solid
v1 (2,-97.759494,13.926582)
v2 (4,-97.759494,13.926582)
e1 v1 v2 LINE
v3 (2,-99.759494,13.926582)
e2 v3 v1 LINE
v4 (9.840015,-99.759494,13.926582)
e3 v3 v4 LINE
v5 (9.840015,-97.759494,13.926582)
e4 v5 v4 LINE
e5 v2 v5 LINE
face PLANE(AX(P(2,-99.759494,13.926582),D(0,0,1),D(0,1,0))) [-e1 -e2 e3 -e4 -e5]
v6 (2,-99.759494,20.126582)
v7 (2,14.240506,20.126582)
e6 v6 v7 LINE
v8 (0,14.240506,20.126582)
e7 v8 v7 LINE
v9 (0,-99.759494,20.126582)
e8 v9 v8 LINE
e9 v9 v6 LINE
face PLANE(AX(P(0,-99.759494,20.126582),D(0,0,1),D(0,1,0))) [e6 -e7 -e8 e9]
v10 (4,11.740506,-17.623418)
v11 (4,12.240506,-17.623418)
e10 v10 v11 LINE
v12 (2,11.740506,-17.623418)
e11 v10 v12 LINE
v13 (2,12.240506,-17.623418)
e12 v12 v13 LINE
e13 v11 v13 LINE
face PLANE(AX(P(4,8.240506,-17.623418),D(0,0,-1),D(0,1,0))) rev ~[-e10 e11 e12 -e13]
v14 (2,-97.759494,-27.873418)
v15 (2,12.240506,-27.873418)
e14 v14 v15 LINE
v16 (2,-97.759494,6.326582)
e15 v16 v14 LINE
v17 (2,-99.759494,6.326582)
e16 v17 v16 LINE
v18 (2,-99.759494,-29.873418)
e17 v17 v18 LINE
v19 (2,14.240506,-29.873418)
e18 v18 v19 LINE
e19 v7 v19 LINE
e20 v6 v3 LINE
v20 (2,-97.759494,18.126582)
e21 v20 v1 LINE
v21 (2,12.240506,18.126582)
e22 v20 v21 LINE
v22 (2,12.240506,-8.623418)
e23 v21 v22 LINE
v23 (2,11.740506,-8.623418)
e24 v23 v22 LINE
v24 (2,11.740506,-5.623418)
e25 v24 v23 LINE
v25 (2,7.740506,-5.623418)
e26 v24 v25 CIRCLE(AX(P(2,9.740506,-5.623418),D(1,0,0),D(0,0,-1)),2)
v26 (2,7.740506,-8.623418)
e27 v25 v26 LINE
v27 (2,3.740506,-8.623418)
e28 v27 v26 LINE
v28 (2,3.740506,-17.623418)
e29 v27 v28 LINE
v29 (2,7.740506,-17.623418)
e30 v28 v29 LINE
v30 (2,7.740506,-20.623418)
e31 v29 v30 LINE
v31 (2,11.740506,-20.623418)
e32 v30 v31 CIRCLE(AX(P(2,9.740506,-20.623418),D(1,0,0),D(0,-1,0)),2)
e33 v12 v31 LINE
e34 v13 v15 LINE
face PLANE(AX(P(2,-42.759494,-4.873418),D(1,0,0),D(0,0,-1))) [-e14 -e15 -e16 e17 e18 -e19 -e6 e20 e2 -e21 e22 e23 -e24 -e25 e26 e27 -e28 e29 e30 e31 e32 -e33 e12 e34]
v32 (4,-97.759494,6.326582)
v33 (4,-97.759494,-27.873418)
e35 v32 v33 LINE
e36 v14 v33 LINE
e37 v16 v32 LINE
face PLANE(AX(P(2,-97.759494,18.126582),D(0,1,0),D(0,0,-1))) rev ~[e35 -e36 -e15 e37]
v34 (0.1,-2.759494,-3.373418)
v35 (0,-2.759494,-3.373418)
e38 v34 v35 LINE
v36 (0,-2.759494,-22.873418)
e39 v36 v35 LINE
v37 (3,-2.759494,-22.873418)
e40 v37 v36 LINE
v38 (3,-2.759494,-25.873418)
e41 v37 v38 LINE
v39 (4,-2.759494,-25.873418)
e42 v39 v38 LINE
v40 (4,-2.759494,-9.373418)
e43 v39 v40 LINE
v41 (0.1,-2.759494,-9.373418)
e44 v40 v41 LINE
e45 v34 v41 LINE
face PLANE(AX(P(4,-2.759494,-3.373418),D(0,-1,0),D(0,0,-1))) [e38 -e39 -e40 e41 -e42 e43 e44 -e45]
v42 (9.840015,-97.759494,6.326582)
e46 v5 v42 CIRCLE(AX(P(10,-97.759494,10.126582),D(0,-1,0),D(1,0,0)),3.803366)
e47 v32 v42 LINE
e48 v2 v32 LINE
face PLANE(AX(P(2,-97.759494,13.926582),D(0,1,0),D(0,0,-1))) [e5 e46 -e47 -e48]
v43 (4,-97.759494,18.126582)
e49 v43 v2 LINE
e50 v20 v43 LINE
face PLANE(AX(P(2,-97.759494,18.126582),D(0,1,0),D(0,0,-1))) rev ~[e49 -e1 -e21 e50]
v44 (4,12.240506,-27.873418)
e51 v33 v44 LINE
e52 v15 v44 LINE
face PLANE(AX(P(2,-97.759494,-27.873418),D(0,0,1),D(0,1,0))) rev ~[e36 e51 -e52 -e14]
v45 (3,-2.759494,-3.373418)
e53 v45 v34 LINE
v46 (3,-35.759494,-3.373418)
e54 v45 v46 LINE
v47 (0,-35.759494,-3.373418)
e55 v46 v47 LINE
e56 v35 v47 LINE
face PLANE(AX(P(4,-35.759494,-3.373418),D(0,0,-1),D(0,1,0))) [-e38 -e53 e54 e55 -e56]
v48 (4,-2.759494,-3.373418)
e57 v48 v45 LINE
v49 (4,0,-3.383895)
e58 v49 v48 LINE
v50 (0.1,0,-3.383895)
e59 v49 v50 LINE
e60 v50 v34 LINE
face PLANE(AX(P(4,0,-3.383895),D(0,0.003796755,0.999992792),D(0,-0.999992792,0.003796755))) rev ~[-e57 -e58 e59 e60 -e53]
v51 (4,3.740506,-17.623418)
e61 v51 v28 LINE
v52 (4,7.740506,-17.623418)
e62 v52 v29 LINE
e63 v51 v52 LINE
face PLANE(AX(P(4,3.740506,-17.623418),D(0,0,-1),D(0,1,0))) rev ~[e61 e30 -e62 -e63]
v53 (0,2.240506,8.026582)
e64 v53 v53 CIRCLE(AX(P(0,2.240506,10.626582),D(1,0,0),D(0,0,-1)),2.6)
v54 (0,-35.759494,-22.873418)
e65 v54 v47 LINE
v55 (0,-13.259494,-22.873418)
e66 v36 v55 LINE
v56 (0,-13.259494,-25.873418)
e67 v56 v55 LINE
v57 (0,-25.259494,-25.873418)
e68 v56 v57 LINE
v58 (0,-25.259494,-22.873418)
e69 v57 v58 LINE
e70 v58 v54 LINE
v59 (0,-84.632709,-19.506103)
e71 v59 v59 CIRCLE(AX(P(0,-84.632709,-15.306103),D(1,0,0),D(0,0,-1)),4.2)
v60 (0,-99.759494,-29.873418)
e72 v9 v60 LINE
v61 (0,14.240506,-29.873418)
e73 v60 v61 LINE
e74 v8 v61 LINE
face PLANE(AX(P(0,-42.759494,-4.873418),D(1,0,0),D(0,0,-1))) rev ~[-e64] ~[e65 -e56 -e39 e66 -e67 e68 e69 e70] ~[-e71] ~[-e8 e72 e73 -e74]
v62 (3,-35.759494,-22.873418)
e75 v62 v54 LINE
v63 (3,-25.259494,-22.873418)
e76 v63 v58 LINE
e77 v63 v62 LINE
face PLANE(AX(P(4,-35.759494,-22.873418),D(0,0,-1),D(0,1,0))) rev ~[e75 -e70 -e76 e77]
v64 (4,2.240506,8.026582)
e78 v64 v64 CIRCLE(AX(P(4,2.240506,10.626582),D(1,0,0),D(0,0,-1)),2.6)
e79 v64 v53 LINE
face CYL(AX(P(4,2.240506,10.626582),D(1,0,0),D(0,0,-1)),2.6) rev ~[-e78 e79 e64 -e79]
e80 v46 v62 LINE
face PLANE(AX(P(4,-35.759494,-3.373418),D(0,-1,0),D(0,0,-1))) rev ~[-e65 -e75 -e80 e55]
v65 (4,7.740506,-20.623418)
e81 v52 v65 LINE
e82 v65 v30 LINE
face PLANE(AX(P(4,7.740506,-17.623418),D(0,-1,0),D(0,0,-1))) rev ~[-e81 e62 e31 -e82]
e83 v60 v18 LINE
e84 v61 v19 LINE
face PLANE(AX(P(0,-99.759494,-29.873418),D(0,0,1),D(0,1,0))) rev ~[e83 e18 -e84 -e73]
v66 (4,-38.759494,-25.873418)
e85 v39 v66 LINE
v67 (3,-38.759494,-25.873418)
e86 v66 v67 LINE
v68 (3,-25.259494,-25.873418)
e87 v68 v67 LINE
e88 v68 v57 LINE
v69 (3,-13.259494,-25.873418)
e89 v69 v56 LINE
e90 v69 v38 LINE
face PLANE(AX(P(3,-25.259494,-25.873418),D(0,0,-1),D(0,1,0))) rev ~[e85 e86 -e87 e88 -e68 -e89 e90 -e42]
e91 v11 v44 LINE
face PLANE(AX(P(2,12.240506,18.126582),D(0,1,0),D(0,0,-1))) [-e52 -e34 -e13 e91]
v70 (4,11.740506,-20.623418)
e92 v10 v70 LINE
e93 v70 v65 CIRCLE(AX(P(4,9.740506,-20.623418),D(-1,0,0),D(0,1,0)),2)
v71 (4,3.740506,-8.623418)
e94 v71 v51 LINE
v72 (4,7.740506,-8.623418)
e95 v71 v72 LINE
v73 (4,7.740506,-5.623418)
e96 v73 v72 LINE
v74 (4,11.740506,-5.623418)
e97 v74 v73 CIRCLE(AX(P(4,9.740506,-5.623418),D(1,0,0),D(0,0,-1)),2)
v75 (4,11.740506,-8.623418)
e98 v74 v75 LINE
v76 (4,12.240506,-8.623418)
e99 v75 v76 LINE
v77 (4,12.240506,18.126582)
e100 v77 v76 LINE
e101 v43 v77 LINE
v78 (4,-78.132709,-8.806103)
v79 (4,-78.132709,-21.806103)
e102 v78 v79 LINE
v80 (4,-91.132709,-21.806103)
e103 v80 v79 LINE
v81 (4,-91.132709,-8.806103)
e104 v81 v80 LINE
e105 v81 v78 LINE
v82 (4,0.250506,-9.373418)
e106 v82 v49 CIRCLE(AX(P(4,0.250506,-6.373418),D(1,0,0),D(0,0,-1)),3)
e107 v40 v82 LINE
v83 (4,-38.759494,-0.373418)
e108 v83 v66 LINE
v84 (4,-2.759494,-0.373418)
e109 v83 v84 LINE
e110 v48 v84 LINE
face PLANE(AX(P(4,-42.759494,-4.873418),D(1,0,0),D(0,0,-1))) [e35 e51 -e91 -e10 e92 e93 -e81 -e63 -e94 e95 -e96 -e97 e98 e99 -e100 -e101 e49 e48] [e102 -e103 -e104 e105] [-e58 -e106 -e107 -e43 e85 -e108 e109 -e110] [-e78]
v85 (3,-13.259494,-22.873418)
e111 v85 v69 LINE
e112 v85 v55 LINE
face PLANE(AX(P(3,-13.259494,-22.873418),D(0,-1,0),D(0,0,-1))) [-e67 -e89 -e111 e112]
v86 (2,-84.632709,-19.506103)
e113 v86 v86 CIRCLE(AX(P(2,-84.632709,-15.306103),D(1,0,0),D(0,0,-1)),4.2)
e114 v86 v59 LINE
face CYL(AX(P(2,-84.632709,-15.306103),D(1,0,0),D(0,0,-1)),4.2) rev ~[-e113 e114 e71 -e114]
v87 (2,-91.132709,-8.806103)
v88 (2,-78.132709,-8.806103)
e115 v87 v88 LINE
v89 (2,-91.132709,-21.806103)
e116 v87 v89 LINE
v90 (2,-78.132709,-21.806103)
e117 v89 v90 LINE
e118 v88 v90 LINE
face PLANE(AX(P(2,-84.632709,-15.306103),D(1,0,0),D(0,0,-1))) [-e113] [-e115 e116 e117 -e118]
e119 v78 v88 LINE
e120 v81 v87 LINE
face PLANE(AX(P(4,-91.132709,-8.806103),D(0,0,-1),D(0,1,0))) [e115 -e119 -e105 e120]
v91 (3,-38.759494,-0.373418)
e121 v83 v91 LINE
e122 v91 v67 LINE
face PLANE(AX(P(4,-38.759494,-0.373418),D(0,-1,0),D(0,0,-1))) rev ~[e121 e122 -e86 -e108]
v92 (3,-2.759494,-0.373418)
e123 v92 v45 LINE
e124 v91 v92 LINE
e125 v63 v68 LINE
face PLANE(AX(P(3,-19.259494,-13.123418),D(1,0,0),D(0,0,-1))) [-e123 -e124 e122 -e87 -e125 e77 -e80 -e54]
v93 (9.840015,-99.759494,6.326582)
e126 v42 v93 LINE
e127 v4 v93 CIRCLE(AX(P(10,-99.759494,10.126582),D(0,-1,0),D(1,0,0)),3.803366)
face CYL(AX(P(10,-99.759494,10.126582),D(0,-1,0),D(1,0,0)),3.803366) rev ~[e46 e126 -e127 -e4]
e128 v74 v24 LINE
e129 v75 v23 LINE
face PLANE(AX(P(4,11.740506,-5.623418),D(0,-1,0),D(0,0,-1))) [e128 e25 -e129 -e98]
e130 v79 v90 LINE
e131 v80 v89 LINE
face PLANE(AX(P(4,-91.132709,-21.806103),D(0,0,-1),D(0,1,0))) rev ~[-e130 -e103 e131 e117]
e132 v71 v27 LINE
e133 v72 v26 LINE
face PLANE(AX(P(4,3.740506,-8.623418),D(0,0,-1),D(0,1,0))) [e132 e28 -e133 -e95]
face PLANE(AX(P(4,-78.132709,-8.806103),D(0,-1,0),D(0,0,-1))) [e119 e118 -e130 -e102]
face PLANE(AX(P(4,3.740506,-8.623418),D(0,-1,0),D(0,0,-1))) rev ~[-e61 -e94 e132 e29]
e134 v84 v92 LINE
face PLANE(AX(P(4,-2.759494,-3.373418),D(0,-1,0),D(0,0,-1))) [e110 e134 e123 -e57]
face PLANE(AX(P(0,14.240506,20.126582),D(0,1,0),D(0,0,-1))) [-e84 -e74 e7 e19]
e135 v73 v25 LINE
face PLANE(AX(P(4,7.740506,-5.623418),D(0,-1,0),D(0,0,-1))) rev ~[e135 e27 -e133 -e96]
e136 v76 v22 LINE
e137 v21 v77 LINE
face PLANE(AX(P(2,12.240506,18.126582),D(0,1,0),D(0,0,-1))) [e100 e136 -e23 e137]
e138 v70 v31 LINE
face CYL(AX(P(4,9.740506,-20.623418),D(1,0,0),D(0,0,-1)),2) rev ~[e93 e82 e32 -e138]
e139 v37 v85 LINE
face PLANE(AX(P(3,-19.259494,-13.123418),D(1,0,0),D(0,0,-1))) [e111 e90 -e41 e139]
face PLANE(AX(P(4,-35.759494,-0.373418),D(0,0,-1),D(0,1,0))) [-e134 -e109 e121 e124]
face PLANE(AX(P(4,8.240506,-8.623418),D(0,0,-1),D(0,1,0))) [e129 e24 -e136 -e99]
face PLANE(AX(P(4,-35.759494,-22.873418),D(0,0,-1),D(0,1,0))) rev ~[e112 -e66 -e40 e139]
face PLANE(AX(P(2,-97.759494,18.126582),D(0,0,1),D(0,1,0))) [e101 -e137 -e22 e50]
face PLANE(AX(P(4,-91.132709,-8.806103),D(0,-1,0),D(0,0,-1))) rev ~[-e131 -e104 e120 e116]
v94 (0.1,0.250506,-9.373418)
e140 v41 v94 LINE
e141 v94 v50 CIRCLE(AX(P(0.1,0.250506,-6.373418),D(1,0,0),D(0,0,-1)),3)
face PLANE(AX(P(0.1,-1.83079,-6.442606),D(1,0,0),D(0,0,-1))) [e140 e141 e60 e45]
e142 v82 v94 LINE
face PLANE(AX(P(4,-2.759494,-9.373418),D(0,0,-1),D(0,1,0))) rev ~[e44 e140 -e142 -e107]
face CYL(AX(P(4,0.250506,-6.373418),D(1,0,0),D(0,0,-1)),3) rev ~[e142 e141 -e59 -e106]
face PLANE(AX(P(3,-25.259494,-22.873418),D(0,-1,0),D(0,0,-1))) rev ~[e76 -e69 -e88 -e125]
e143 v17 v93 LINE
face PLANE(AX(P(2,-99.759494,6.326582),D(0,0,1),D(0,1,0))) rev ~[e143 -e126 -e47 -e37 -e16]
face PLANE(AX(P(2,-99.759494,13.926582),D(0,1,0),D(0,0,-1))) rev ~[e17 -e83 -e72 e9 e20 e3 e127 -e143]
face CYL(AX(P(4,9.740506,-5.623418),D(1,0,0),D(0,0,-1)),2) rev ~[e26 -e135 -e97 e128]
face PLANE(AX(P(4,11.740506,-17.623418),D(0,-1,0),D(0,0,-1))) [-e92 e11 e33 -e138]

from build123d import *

# Parameters (mm, degrees)
SKIZZE1_W                        = 50
SKIZZE1_H                        = 114
AUFSATZ_LINEAR_AUSTRAGEN1_DEPTH  = 2
SKIZZE2_W                        = 46
SKIZZE2_H                        = 110
AUFSATZ_LINEAR_AUSTRAGEN2_DEPTH  = 2
SCHNITT_LINEAR_AUSTRAGEN1_REACH  = 106.213
SKIZZE3_W                        = 19.5
SKIZZE3_H                        = 33
SKIZZE4_W                        = 25.5
SKIZZE4_H                        = 33
SCHNITT_LINEAR_AUSTRAGEN2_DEPTH  = 1
SKIZZE5_R                        = 3
SCHNITT_LINEAR_AUSTRAGEN3_DEPTH  = 3.9
SCHNITT_LINEAR_AUSTRAGEN4_REACH  = 106.18
SKIZZE6_W                        = 3
SKIZZE6_H                        = 12
SKIZZE10_W                       = 9
SKIZZE10_H                       = 4
SCHNITT_LINEAR_AUSTRAGEN5_DEPTH  = 2
SKIZZE11_R                       = 2
SCHNITT_LINEAR_AUSTRAGEN6_DEPTH  = 2
SKIZZE13_R                       = 2.6
SCHNITT_LINEAR_AUSTRAGEN7_DEPTH  = 105.213135755
SKIZZE14_W                       = 7.6
SKIZZE14_H                       = 2
AUFSATZ_LINEAR_AUSTRAGEN3_DEPTH  = 8
SCHNITT_LINEAR_AUSTRAGEN8_REACH  = 120.273
SKIZZE15_R                       = 3.8033663
SKIZZE16_W                       = 25.5
SKIZZE16_H                       = 3
SCHNITT_LINEAR_AUSTRAGEN10_DEPTH = 1
SKIZZE21_W                       = 13
SKIZZE21_H                       = 13
SCHNITT_LINEAR_AUSTRAGEN11_DEPTH = 2
SCHNITT_LINEAR_AUSTRAGEN12_REACH = 106.431
SKIZZE22_R                       = 4.2
SKIZZE23_W                       = 3
SKIZZE23_H                       = 4
SCHNITT_LINEAR_AUSTRAGEN13_DEPTH = 2
SKIZZE26_W                       = 9
SKIZZE26_H                       = 4.5
SCHNITT_LINEAR_AUSTRAGEN18_DEPTH = 2


with BuildPart() as part:
    # Skizze1 → Aufsatz-Linear austragen1 (new body)
    with BuildSketch(Plane(origin=(0, 0, 0), x_dir=(0, 0, -1), z_dir=(1, 0, 0))):
        with Locations((4.873417722, -42.759493671)):
            Rectangle(SKIZZE1_W, SKIZZE1_H)
    extrude(amount=AUFSATZ_LINEAR_AUSTRAGEN1_DEPTH)

    # Skizze2 → Aufsatz-Linear austragen2 (add)
    with BuildSketch(Plane(origin=(2, 0, 0), x_dir=(0, 0, -1), z_dir=(1, 0, 0))):
        with Locations((4.873417722, -42.759493671)):
            Rectangle(SKIZZE2_W, SKIZZE2_H)
    extrude(amount=AUFSATZ_LINEAR_AUSTRAGEN2_DEPTH)

    # Skizze3 → Schnitt-Linear austragen1 (cut, up to next)
    with BuildSketch(Plane(origin=(4, 0, 0), x_dir=(0, 0, -1), z_dir=(1, 0, 0)), mode=Mode.PRIVATE) as schnitt_linear_austragen1_sk1:
        with Locations((13.123417722, -19.259493671)):
            Rectangle(SKIZZE3_W, SKIZZE3_H)
    schnitt_linear_austragen1_tool1 = extrude(schnitt_linear_austragen1_sk1.sketch, amount=-SCHNITT_LINEAR_AUSTRAGEN1_REACH, mode=Mode.PRIVATE) & part.part
    add(schnitt_linear_austragen1_tool1.solids().sort_by_distance((4, -19.259494, -13.123418))[0], mode=Mode.SUBTRACT)

    # Skizze4 → Schnitt-Linear austragen2 (cut)
    with BuildSketch(Plane(origin=(4, 0, 0), x_dir=(0, 0, -1), z_dir=(1, 0, 0))):
        with Locations((13.123417722, -19.259493671)):
            Rectangle(SKIZZE4_W, SKIZZE4_H)
    extrude(amount=-SCHNITT_LINEAR_AUSTRAGEN2_DEPTH, mode=Mode.SUBTRACT)

    # Skizze5 → Schnitt-Linear austragen3 (cut)
    with BuildSketch(Plane(origin=(4, 0, 0), x_dir=(0, 0, -1), z_dir=(1, 0, 0))):
        with BuildLine():
            ThreePointArc((9.373417722, 0.250506329), (6.498780388, -2.746873227), (3.38389492, 0))
            Line((3.38389492, 0), (3.373417722, -2.759493671))
            Line((3.373417722, -2.759493671), (9.373417722, -2.759493671))
            Line((9.373417722, -2.759493671), (9.373417722, 0.250506329))
        make_face()
        with Locations((6.373417722, 0.250506329)):
            Circle(SKIZZE5_R)
    extrude(amount=-SCHNITT_LINEAR_AUSTRAGEN3_DEPTH, mode=Mode.SUBTRACT)

    # Skizze6 → Schnitt-Linear austragen4 (cut, up to next)
    with BuildSketch(Plane(origin=(3, 0, 0), x_dir=(0, 0, -1), z_dir=(1, 0, 0)), mode=Mode.PRIVATE) as schnitt_linear_austragen4_sk1:
        with Locations((24.373417722, -19.259493671)):
            Rectangle(SKIZZE6_W, SKIZZE6_H)
    schnitt_linear_austragen4_tool1 = extrude(schnitt_linear_austragen4_sk1.sketch, amount=-SCHNITT_LINEAR_AUSTRAGEN4_REACH, mode=Mode.PRIVATE) & part.part
    add(schnitt_linear_austragen4_tool1.solids().sort_by_distance((3, -19.259494, -24.373418))[0], mode=Mode.SUBTRACT)

    # Skizze10 → Schnitt-Linear austragen5 (cut)
    with BuildSketch(Plane(origin=(4, 0, 0), x_dir=(0, 0, -1), z_dir=(1, 0, 0))):
        with Locations((13.123417722, 10.240506329)):
            Rectangle(SKIZZE10_W, SKIZZE10_H)
    extrude(amount=-SCHNITT_LINEAR_AUSTRAGEN5_DEPTH, mode=Mode.SUBTRACT)

    # Skizze11 → Schnitt-Linear austragen6 (cut)
    with BuildSketch(Plane(origin=(4, 0, 0), x_dir=(0, 0, -1), z_dir=(1, 0, 0))):
        with Locations((20.623417722, 9.740506329)):
            Circle(SKIZZE11_R)
        with Locations((5.623417722, 9.740506329)):
            Circle(SKIZZE11_R)
    extrude(amount=-SCHNITT_LINEAR_AUSTRAGEN6_DEPTH, mode=Mode.SUBTRACT)

    # Skizze13 → Schnitt-Linear austragen7 (cut, through all)
    with BuildSketch(Plane(origin=(4, 0, 0), x_dir=(0, 0, -1), z_dir=(1, 0, 0))):
        with Locations((-10.626582278, 2.240506329)):
            Circle(SKIZZE13_R)
    extrude(amount=-SCHNITT_LINEAR_AUSTRAGEN7_DEPTH, mode=Mode.SUBTRACT)

    # Skizze14 → Aufsatz-Linear austragen3 (add)
    with BuildSketch(Plane(origin=(2, 0, 0), x_dir=(0, 0, -1), z_dir=(1, 0, 0))):
        with Locations((-10.126582278, -98.759493671)):
            Rectangle(SKIZZE14_W, SKIZZE14_H)
    extrude(amount=AUFSATZ_LINEAR_AUSTRAGEN3_DEPTH)

    # Skizze15 → Schnitt-Linear austragen8 (cut, up to next)
    with BuildSketch(Plane.XZ.offset(99.759493671), mode=Mode.PRIVATE) as schnitt_linear_austragen8_sk1:
        with Locations((10, 10.126582278)):
            Circle(SKIZZE15_R)
    schnitt_linear_austragen8_tool1 = extrude(schnitt_linear_austragen8_sk1.sketch, amount=-SCHNITT_LINEAR_AUSTRAGEN8_REACH, mode=Mode.PRIVATE) & part.part
    add(schnitt_linear_austragen8_tool1.solids().sort_by_distance((10, -99.759494, 10.126582))[0], mode=Mode.SUBTRACT)

    # Skizze16 → Schnitt-Linear austragen10 (cut)
    with BuildSketch(Plane(origin=(4, 0, 0), x_dir=(0, 0, -1), z_dir=(1, 0, 0))):
        with Locations((13.123417722, -37.259493671)):
            Rectangle(SKIZZE16_W, SKIZZE16_H)
    extrude(amount=-SCHNITT_LINEAR_AUSTRAGEN10_DEPTH, mode=Mode.SUBTRACT)

    # Skizze21 → Schnitt-Linear austragen11 (cut)
    with BuildSketch(Plane(origin=(4, 0, 0), x_dir=(0, 0, -1), z_dir=(1, 0, 0))):
        with Locations((15.306102693, -84.632709468)):
            Rectangle(SKIZZE21_W, SKIZZE21_H)
    extrude(amount=-SCHNITT_LINEAR_AUSTRAGEN11_DEPTH, mode=Mode.SUBTRACT)

    # Skizze22 → Schnitt-Linear austragen12 (cut, up to next)
    with BuildSketch(Plane(origin=(2, 0, 0), x_dir=(0, 0, -1), z_dir=(1, 0, 0)), mode=Mode.PRIVATE) as schnitt_linear_austragen12_sk1:
        with Locations((15.306102693, -84.632709468)):
            Circle(SKIZZE22_R)
    schnitt_linear_austragen12_tool1 = extrude(schnitt_linear_austragen12_sk1.sketch, amount=-SCHNITT_LINEAR_AUSTRAGEN12_REACH, mode=Mode.PRIVATE) & part.part
    add(schnitt_linear_austragen12_tool1.solids().sort_by_distance((2, -84.632709, -15.306103))[0], mode=Mode.SUBTRACT)

    # Skizze23 → Schnitt-Linear austragen13 (cut)
    with BuildSketch(Plane(origin=(4, 0, 0), x_dir=(0, 0, -1), z_dir=(1, 0, 0))):
        with Locations((7.123417722, 9.740506329)):
            Rectangle(SKIZZE23_W, SKIZZE23_H)
        with Locations((19.123417722, 9.740506329)):
            Rectangle(SKIZZE23_W, SKIZZE23_H)
    extrude(amount=-SCHNITT_LINEAR_AUSTRAGEN13_DEPTH, mode=Mode.SUBTRACT)

    # Skizze26 → Schnitt-Linear austragen18 (cut)
    with BuildSketch(Plane(origin=(4, 0, 0), x_dir=(0, 0, -1), z_dir=(1, 0, 0))):
        with Locations((13.123417722, 5.990506329)):
            Rectangle(SKIZZE26_W, SKIZZE26_H)
    extrude(amount=-SCHNITT_LINEAR_AUSTRAGEN18_DEPTH, mode=Mode.SUBTRACT)


solid = part.part
